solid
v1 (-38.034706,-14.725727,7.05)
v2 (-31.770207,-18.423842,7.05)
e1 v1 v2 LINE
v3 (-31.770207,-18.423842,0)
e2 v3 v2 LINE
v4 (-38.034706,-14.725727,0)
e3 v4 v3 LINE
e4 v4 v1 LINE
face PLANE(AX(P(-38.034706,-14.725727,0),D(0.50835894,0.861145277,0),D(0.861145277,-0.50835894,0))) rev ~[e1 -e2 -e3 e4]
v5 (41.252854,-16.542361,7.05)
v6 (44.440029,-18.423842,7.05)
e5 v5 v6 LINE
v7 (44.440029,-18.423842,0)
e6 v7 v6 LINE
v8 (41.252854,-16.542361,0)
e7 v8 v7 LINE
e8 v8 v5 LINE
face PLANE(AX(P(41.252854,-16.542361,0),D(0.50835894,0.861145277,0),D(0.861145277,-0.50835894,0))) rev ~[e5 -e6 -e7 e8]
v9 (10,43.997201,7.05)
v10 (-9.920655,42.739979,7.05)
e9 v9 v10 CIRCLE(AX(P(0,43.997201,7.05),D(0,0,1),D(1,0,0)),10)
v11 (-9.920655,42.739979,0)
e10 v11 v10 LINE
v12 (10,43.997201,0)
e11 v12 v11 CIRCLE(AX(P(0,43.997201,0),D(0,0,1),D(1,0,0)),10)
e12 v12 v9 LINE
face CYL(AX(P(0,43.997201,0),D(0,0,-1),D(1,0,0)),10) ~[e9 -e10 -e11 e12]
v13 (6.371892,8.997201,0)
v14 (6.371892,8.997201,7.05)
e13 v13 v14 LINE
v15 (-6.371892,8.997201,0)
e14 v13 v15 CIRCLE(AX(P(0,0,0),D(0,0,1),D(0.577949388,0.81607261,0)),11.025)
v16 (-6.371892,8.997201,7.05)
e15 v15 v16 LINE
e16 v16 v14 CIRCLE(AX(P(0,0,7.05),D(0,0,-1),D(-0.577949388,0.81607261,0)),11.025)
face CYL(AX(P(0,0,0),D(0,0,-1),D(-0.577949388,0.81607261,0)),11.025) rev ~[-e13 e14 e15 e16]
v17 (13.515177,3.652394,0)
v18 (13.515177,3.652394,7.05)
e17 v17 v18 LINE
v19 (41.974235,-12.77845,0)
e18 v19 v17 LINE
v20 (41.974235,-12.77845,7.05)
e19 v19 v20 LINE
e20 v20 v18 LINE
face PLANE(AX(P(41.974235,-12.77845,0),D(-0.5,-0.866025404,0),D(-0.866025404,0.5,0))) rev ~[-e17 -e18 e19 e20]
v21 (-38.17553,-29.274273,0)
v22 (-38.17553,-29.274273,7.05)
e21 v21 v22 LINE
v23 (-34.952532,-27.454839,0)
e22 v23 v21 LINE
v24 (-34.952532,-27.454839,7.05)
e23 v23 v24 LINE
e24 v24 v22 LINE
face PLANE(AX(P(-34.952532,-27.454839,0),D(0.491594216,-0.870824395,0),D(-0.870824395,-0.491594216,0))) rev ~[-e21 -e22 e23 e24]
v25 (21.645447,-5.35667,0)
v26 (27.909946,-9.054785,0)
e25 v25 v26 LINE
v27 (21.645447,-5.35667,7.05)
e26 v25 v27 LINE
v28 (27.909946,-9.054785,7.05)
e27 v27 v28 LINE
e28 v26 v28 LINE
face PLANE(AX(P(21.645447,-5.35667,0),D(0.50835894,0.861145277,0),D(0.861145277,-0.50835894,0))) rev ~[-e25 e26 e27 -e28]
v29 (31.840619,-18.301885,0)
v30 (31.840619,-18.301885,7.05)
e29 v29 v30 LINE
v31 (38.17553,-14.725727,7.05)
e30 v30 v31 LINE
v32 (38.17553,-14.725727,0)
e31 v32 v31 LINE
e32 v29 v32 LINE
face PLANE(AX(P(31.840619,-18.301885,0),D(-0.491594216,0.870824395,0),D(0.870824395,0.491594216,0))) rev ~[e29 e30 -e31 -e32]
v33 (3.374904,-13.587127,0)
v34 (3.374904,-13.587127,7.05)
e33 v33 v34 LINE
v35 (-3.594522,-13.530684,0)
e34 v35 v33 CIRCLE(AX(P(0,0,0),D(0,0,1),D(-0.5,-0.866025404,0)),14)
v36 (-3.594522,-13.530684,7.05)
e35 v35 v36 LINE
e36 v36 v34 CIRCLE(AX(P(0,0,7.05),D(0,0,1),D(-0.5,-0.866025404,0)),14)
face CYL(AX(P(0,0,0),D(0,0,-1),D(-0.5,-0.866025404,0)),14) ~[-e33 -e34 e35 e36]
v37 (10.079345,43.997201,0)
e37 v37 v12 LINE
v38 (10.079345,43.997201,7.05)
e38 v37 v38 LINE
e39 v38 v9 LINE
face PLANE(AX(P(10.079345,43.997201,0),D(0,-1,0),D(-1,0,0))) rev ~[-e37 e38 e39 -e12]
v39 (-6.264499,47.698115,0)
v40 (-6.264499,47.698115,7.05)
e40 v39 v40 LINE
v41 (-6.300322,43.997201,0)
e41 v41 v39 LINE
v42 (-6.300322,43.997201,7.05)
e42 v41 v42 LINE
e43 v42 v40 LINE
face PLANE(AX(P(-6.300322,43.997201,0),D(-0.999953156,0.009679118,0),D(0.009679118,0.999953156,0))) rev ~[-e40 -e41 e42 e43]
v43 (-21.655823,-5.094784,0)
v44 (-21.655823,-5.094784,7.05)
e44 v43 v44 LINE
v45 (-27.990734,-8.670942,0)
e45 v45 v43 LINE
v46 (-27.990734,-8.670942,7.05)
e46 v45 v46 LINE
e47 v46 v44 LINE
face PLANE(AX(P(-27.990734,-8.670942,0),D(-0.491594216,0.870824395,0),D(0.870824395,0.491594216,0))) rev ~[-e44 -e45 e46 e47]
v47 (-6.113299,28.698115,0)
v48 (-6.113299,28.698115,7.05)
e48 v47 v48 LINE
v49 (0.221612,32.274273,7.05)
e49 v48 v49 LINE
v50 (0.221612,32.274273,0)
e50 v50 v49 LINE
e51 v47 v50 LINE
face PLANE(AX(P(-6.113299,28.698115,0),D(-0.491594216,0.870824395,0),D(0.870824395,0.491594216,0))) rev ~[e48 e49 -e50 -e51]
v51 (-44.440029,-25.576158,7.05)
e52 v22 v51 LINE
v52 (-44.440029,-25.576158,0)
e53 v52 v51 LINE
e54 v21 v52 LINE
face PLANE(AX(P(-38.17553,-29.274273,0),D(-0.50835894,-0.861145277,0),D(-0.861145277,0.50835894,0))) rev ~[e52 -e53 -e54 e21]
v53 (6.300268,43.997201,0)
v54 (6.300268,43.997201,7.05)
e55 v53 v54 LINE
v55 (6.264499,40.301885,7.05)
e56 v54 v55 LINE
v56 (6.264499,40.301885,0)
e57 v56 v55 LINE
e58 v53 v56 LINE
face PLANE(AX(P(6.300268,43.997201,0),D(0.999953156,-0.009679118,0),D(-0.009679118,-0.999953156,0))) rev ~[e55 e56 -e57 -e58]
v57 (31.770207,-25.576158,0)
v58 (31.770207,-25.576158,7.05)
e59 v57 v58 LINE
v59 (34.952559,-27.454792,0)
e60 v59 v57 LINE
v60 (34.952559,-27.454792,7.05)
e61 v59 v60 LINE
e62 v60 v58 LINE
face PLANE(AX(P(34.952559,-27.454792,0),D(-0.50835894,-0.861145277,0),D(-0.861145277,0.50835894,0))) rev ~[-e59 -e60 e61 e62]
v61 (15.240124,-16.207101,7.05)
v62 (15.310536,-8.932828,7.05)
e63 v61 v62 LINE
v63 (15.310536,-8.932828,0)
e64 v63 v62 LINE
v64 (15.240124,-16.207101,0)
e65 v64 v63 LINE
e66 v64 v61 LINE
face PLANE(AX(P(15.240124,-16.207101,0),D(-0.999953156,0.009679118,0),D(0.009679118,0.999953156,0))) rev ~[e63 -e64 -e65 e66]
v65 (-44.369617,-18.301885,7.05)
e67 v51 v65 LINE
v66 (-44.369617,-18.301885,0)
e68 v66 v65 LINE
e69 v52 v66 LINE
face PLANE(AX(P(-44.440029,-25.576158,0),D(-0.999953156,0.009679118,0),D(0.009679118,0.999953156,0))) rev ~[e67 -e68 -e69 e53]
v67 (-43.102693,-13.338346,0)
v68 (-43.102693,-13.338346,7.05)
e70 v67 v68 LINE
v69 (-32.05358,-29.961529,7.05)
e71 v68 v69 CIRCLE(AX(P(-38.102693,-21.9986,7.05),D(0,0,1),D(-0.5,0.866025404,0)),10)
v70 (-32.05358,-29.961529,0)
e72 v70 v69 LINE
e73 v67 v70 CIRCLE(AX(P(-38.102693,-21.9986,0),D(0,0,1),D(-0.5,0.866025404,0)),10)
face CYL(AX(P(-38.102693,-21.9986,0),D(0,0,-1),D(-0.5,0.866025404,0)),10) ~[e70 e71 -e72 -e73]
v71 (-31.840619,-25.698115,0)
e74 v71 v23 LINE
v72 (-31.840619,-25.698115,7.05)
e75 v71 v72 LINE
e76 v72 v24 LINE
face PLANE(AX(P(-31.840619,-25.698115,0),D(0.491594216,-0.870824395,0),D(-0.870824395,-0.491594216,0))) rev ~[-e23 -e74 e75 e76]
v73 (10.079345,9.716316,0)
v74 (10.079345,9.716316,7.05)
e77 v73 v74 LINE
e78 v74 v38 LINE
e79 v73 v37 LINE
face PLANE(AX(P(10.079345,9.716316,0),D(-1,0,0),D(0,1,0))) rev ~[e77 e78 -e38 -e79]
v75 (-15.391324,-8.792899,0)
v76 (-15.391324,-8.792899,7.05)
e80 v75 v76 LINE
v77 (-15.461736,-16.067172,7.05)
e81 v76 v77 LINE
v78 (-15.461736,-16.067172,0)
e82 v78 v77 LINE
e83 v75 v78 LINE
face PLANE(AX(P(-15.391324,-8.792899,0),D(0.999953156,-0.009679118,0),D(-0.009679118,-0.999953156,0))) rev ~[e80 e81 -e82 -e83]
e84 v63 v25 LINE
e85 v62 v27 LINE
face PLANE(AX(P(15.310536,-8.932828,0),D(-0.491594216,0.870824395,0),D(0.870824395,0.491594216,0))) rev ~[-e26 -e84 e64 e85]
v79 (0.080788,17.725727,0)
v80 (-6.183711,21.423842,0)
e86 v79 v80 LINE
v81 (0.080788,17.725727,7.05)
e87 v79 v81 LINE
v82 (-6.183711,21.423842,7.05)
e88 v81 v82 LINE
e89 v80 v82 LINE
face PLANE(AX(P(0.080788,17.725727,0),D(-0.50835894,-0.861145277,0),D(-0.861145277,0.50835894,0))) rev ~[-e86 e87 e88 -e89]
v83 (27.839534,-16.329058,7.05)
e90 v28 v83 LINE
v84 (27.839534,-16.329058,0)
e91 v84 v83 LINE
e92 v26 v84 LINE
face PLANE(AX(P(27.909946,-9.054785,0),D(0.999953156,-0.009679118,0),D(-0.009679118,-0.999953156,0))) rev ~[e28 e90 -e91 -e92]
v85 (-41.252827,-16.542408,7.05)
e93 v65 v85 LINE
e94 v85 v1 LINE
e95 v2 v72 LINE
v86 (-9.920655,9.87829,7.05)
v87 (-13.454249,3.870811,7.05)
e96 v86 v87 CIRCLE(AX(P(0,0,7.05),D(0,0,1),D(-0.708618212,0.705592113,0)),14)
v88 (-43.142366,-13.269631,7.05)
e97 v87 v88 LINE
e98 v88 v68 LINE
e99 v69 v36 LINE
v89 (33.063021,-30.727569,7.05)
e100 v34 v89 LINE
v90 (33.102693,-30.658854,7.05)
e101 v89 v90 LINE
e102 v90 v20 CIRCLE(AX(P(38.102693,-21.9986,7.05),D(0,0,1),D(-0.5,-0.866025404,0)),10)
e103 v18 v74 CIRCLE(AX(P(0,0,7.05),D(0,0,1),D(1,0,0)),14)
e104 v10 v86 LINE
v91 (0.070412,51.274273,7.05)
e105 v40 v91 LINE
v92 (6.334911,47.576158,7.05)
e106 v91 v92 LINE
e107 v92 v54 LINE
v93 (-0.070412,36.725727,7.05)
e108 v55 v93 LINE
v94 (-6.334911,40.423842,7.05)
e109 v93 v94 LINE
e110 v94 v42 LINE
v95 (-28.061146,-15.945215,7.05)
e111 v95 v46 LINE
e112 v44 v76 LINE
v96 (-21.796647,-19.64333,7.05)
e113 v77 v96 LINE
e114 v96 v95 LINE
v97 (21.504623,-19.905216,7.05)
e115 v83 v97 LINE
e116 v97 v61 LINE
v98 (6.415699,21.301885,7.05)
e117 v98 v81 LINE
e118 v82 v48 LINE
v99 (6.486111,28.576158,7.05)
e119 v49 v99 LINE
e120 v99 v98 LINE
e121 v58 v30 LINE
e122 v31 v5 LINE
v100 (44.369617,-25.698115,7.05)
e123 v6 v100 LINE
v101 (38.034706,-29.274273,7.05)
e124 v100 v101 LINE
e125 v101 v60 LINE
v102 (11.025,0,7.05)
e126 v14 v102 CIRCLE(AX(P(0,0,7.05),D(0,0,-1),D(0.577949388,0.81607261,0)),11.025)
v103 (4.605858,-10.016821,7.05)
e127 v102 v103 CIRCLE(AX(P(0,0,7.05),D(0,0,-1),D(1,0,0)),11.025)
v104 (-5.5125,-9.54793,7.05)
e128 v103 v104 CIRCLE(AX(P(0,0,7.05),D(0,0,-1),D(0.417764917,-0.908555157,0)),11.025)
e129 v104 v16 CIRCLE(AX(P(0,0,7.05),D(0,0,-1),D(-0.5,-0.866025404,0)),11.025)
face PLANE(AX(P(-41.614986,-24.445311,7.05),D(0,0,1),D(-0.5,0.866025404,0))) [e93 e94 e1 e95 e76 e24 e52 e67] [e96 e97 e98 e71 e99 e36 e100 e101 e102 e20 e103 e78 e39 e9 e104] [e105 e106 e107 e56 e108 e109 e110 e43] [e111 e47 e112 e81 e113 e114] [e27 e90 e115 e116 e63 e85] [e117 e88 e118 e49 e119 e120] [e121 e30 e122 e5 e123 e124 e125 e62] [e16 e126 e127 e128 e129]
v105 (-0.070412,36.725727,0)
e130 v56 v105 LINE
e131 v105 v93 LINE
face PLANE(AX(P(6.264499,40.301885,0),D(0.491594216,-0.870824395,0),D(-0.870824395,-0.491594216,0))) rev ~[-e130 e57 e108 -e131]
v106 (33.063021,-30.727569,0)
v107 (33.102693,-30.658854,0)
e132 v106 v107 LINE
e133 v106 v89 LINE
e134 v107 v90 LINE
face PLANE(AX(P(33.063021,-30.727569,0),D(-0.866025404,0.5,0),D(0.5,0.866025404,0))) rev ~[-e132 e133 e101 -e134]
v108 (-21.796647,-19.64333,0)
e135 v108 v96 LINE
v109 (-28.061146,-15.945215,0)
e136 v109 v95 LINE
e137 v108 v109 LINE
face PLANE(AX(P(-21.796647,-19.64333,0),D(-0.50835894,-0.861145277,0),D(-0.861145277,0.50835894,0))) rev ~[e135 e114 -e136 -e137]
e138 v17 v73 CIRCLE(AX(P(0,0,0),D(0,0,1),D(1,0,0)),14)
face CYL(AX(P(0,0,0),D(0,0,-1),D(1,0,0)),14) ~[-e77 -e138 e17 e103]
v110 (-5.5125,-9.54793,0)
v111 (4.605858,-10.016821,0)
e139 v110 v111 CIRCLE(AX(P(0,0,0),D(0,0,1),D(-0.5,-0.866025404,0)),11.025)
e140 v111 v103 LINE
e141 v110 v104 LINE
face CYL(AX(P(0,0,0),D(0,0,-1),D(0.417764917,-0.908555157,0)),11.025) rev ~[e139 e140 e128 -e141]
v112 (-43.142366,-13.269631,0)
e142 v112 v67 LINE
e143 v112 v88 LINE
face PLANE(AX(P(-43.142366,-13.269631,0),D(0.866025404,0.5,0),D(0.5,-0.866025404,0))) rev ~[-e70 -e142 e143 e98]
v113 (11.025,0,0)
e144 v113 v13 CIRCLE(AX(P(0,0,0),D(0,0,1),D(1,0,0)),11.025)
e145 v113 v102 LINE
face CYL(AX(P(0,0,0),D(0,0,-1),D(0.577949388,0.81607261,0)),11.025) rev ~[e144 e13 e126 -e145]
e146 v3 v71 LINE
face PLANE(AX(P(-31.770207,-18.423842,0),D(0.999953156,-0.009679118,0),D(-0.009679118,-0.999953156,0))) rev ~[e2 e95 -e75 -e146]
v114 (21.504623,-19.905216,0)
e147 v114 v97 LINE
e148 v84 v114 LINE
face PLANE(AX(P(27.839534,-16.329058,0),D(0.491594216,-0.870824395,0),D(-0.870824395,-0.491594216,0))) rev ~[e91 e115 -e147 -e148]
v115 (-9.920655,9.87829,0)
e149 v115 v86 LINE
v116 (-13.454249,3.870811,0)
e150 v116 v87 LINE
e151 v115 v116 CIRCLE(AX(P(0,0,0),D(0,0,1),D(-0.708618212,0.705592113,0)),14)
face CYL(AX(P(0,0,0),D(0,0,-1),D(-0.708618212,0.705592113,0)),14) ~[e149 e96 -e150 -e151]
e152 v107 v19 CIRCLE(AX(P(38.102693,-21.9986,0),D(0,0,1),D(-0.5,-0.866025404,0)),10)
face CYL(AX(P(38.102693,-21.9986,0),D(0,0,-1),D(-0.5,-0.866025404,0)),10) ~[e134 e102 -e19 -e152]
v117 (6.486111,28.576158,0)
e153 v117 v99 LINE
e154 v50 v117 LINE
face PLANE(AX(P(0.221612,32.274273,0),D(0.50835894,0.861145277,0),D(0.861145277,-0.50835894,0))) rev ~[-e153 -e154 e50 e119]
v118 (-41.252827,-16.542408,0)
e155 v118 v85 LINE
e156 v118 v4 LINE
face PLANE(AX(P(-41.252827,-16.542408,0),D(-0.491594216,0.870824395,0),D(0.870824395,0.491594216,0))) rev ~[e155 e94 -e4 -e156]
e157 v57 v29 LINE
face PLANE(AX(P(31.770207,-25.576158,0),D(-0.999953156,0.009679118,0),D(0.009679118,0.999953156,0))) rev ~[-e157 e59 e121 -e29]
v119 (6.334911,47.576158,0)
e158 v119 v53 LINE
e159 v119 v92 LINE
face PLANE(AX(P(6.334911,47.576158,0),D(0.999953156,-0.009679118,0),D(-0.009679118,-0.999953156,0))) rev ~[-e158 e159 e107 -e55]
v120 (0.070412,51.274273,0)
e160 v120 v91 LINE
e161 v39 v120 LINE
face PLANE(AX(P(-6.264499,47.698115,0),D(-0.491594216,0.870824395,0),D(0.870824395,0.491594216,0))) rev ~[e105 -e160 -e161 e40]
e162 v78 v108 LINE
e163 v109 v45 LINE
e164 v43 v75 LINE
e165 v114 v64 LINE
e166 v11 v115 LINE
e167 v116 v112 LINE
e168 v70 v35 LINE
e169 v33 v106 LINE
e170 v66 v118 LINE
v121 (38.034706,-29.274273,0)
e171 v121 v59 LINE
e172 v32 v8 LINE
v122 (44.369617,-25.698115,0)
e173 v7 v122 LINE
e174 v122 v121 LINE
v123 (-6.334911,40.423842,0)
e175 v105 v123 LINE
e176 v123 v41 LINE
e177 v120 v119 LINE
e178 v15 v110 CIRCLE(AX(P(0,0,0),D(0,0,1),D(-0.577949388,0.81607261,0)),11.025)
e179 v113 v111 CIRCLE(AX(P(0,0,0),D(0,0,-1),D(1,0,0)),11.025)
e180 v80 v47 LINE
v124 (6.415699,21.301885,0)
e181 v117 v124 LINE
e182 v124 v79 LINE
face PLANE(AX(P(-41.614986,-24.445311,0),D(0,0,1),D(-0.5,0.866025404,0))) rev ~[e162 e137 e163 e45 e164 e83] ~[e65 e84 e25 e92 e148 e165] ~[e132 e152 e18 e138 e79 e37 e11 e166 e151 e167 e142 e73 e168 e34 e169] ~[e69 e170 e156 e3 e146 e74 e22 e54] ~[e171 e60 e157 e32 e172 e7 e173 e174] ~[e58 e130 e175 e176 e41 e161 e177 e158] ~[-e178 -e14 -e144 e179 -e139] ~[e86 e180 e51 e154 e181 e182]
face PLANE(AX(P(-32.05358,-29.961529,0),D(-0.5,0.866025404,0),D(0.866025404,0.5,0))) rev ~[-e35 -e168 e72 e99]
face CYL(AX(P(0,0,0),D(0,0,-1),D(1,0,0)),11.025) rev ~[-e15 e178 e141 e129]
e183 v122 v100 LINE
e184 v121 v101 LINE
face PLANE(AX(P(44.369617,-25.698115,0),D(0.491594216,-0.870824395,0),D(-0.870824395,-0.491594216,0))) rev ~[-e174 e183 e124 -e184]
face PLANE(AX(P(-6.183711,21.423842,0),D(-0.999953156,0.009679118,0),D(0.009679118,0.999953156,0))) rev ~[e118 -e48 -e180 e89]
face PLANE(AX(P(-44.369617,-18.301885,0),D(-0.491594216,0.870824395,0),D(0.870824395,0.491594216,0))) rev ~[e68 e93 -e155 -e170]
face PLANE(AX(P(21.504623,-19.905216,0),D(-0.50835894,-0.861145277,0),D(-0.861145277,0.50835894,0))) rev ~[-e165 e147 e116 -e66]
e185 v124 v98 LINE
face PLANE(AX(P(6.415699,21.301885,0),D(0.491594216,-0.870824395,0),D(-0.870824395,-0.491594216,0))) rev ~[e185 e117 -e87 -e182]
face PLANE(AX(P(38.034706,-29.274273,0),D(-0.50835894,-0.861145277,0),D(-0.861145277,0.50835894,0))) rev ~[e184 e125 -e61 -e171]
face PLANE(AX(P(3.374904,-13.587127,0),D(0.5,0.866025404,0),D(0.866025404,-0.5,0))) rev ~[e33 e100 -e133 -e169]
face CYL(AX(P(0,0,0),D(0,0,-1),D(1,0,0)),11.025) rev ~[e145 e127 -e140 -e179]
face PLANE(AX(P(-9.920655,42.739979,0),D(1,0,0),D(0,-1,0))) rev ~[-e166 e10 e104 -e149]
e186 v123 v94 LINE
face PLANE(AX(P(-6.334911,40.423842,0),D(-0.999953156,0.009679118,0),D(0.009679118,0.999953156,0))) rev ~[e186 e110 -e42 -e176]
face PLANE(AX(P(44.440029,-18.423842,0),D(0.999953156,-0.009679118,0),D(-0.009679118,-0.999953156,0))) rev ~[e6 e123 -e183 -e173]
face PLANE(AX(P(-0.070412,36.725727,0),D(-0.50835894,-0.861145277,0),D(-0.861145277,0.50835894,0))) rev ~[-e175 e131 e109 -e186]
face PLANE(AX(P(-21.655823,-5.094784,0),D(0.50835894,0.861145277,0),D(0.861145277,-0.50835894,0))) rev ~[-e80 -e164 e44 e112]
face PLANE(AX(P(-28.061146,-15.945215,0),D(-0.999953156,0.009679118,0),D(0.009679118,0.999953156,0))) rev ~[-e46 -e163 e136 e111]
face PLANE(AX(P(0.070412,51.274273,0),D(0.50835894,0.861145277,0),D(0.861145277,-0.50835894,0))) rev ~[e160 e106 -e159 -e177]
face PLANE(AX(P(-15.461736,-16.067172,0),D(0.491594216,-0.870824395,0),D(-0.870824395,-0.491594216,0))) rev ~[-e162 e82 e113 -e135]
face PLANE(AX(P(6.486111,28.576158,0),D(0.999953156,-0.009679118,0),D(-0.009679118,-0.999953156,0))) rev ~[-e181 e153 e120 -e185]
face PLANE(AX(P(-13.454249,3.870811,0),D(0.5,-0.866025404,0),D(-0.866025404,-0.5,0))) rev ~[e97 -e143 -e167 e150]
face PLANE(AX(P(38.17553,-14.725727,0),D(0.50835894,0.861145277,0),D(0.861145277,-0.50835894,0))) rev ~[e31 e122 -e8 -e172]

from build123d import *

# Parameters (mm, degrees)
F1_DEPTH = 7.05
F2_COUNT = 3


with BuildPart() as f1:
    # F0 (on Top) → F1 (new body)
    with BuildSketch(Plane.XY):
        with BuildLine():
            ThreePointArc((10, 43.9972005226), (-0.6298612389, 53.9773445506), (-9.9206549639, 42.7399793461))
            Line((-9.9206549639, 42.7399793461), (-9.9206549639, 43.9972005226))
            Line((-9.9206549639, 43.9972005226), (-6.3003222272, 43.9972005226))
            Line((-6.3003222272, 43.9972005226), (-6.2644989641, 47.6981147533))
            Line((-6.2644989641, 47.6981147533), (0.0704118404, 51.2742726216))
            Line((0.0704118404, 51.2742726216), (6.3349108045, 47.5761578682))
            Line((6.3349108045, 47.5761578682), (6.3002680318, 43.9972005226))
            Line((6.3002680318, 43.9972005226), (10, 43.9972005226))
        make_face()
        with BuildLine():
            Line((-9.9206549639, 43.9972005226), (-9.9206549639, 42.7399793461))
            ThreePointArc((-9.9206549639, 42.7399793461), (0.6298612389, 34.0170564946), (10, 43.9972005226))
            Line((10, 43.9972005226), (6.3002680318, 43.9972005226))
            Line((6.3002680318, 43.9972005226), (6.2644989641, 40.3018852467))
            Line((6.2644989641, 40.3018852467), (-0.0704118404, 36.7257273784))
            Line((-0.0704118404, 36.7257273784), (-6.3349108045, 40.4238421318))
            Line((-6.3349108045, 40.4238421318), (-6.3003222272, 43.9972005226))
            Line((-6.3003222272, 43.9972005226), (-9.9206549639, 43.9972005226))
        make_face()
        with BuildLine():
            ThreePointArc((-9.9206549639, 9.878289583), (0.1133775368, 13.9995409044), (10.0793450361, 9.7163163619))
            Line((10.0793450361, 9.7163163619), (10.0793450361, 43.9972005226))
            Line((10.0793450361, 43.9972005226), (10, 43.9972005226))
            ThreePointArc((10, 43.9972005226), (0.6298612389, 34.0170564946), (-9.9206549639, 42.7399793461))
            Line((-9.9206549639, 42.7399793461), (-9.9206549639, 9.878289583))
        make_face()
        Polygon((6.4861108845, 28.5761578682), (6.415699044, 21.3018852467), (0.0807882395, 17.7257273784), (-6.1837107246, 21.4238421318), (-6.1132988842, 28.6981147533), (0.2216119204, 32.2742726216), align=None, mode=Mode.SUBTRACT)
        with BuildLine():
            ThreePointArc((6.3718920076, 8.9972005226), (9.7928732858, 5.0646083568), (11.025, 0))
            ThreePointArc((11.025, 0), (-5.0646083568, -9.7928732858), (-6.3718920076, 8.9972005226))
            Line((-6.3718920076, 8.9972005226), (-9.9206549639, 8.9972005226))
            Line((-9.9206549639, 8.9972005226), (-9.9206549639, 9.878289583))
            ThreePointArc((-9.9206549639, 9.878289583), (-5.3437267195, -12.9400380505), (14, 0))
            ThreePointArc((14, 0), (12.982889326, 5.2387579394), (10.0793450361, 9.7163163619))
            Line((10.0793450361, 9.7163163619), (10.0793450361, 8.9972005226))
            Line((10.0793450361, 8.9972005226), (6.3718920076, 8.9972005226))
        make_face()
        with BuildLine():
            ThreePointArc((-6.3718920076, 8.9972005226), (0, 11.025), (6.3718920076, 8.9972005226))
            Line((6.3718920076, 8.9972005226), (10.0793450361, 8.9972005226))
            Line((10.0793450361, 8.9972005226), (10.0793450361, 9.7163163619))
            ThreePointArc((10.0793450361, 9.7163163619), (0.1133775368, 13.9995409044), (-9.9206549639, 9.878289583))
            Line((-9.9206549639, 9.878289583), (-9.9206549639, 8.9972005226))
            Line((-9.9206549639, 8.9972005226), (-6.3718920076, 8.9972005226))
        make_face()
    extrude(amount=F1_DEPTH)

    # F2: F1 ×3 about axis
    f2_axis = Axis((0, 0, 0), (0, 0, -1))


with BuildPart() as f1_1:
    add(f1.part)
    for i in range(1, F2_COUNT):
        add(f1.part.rotate(f2_axis, i * 360 / F2_COUNT))


solid = f1_1.part
